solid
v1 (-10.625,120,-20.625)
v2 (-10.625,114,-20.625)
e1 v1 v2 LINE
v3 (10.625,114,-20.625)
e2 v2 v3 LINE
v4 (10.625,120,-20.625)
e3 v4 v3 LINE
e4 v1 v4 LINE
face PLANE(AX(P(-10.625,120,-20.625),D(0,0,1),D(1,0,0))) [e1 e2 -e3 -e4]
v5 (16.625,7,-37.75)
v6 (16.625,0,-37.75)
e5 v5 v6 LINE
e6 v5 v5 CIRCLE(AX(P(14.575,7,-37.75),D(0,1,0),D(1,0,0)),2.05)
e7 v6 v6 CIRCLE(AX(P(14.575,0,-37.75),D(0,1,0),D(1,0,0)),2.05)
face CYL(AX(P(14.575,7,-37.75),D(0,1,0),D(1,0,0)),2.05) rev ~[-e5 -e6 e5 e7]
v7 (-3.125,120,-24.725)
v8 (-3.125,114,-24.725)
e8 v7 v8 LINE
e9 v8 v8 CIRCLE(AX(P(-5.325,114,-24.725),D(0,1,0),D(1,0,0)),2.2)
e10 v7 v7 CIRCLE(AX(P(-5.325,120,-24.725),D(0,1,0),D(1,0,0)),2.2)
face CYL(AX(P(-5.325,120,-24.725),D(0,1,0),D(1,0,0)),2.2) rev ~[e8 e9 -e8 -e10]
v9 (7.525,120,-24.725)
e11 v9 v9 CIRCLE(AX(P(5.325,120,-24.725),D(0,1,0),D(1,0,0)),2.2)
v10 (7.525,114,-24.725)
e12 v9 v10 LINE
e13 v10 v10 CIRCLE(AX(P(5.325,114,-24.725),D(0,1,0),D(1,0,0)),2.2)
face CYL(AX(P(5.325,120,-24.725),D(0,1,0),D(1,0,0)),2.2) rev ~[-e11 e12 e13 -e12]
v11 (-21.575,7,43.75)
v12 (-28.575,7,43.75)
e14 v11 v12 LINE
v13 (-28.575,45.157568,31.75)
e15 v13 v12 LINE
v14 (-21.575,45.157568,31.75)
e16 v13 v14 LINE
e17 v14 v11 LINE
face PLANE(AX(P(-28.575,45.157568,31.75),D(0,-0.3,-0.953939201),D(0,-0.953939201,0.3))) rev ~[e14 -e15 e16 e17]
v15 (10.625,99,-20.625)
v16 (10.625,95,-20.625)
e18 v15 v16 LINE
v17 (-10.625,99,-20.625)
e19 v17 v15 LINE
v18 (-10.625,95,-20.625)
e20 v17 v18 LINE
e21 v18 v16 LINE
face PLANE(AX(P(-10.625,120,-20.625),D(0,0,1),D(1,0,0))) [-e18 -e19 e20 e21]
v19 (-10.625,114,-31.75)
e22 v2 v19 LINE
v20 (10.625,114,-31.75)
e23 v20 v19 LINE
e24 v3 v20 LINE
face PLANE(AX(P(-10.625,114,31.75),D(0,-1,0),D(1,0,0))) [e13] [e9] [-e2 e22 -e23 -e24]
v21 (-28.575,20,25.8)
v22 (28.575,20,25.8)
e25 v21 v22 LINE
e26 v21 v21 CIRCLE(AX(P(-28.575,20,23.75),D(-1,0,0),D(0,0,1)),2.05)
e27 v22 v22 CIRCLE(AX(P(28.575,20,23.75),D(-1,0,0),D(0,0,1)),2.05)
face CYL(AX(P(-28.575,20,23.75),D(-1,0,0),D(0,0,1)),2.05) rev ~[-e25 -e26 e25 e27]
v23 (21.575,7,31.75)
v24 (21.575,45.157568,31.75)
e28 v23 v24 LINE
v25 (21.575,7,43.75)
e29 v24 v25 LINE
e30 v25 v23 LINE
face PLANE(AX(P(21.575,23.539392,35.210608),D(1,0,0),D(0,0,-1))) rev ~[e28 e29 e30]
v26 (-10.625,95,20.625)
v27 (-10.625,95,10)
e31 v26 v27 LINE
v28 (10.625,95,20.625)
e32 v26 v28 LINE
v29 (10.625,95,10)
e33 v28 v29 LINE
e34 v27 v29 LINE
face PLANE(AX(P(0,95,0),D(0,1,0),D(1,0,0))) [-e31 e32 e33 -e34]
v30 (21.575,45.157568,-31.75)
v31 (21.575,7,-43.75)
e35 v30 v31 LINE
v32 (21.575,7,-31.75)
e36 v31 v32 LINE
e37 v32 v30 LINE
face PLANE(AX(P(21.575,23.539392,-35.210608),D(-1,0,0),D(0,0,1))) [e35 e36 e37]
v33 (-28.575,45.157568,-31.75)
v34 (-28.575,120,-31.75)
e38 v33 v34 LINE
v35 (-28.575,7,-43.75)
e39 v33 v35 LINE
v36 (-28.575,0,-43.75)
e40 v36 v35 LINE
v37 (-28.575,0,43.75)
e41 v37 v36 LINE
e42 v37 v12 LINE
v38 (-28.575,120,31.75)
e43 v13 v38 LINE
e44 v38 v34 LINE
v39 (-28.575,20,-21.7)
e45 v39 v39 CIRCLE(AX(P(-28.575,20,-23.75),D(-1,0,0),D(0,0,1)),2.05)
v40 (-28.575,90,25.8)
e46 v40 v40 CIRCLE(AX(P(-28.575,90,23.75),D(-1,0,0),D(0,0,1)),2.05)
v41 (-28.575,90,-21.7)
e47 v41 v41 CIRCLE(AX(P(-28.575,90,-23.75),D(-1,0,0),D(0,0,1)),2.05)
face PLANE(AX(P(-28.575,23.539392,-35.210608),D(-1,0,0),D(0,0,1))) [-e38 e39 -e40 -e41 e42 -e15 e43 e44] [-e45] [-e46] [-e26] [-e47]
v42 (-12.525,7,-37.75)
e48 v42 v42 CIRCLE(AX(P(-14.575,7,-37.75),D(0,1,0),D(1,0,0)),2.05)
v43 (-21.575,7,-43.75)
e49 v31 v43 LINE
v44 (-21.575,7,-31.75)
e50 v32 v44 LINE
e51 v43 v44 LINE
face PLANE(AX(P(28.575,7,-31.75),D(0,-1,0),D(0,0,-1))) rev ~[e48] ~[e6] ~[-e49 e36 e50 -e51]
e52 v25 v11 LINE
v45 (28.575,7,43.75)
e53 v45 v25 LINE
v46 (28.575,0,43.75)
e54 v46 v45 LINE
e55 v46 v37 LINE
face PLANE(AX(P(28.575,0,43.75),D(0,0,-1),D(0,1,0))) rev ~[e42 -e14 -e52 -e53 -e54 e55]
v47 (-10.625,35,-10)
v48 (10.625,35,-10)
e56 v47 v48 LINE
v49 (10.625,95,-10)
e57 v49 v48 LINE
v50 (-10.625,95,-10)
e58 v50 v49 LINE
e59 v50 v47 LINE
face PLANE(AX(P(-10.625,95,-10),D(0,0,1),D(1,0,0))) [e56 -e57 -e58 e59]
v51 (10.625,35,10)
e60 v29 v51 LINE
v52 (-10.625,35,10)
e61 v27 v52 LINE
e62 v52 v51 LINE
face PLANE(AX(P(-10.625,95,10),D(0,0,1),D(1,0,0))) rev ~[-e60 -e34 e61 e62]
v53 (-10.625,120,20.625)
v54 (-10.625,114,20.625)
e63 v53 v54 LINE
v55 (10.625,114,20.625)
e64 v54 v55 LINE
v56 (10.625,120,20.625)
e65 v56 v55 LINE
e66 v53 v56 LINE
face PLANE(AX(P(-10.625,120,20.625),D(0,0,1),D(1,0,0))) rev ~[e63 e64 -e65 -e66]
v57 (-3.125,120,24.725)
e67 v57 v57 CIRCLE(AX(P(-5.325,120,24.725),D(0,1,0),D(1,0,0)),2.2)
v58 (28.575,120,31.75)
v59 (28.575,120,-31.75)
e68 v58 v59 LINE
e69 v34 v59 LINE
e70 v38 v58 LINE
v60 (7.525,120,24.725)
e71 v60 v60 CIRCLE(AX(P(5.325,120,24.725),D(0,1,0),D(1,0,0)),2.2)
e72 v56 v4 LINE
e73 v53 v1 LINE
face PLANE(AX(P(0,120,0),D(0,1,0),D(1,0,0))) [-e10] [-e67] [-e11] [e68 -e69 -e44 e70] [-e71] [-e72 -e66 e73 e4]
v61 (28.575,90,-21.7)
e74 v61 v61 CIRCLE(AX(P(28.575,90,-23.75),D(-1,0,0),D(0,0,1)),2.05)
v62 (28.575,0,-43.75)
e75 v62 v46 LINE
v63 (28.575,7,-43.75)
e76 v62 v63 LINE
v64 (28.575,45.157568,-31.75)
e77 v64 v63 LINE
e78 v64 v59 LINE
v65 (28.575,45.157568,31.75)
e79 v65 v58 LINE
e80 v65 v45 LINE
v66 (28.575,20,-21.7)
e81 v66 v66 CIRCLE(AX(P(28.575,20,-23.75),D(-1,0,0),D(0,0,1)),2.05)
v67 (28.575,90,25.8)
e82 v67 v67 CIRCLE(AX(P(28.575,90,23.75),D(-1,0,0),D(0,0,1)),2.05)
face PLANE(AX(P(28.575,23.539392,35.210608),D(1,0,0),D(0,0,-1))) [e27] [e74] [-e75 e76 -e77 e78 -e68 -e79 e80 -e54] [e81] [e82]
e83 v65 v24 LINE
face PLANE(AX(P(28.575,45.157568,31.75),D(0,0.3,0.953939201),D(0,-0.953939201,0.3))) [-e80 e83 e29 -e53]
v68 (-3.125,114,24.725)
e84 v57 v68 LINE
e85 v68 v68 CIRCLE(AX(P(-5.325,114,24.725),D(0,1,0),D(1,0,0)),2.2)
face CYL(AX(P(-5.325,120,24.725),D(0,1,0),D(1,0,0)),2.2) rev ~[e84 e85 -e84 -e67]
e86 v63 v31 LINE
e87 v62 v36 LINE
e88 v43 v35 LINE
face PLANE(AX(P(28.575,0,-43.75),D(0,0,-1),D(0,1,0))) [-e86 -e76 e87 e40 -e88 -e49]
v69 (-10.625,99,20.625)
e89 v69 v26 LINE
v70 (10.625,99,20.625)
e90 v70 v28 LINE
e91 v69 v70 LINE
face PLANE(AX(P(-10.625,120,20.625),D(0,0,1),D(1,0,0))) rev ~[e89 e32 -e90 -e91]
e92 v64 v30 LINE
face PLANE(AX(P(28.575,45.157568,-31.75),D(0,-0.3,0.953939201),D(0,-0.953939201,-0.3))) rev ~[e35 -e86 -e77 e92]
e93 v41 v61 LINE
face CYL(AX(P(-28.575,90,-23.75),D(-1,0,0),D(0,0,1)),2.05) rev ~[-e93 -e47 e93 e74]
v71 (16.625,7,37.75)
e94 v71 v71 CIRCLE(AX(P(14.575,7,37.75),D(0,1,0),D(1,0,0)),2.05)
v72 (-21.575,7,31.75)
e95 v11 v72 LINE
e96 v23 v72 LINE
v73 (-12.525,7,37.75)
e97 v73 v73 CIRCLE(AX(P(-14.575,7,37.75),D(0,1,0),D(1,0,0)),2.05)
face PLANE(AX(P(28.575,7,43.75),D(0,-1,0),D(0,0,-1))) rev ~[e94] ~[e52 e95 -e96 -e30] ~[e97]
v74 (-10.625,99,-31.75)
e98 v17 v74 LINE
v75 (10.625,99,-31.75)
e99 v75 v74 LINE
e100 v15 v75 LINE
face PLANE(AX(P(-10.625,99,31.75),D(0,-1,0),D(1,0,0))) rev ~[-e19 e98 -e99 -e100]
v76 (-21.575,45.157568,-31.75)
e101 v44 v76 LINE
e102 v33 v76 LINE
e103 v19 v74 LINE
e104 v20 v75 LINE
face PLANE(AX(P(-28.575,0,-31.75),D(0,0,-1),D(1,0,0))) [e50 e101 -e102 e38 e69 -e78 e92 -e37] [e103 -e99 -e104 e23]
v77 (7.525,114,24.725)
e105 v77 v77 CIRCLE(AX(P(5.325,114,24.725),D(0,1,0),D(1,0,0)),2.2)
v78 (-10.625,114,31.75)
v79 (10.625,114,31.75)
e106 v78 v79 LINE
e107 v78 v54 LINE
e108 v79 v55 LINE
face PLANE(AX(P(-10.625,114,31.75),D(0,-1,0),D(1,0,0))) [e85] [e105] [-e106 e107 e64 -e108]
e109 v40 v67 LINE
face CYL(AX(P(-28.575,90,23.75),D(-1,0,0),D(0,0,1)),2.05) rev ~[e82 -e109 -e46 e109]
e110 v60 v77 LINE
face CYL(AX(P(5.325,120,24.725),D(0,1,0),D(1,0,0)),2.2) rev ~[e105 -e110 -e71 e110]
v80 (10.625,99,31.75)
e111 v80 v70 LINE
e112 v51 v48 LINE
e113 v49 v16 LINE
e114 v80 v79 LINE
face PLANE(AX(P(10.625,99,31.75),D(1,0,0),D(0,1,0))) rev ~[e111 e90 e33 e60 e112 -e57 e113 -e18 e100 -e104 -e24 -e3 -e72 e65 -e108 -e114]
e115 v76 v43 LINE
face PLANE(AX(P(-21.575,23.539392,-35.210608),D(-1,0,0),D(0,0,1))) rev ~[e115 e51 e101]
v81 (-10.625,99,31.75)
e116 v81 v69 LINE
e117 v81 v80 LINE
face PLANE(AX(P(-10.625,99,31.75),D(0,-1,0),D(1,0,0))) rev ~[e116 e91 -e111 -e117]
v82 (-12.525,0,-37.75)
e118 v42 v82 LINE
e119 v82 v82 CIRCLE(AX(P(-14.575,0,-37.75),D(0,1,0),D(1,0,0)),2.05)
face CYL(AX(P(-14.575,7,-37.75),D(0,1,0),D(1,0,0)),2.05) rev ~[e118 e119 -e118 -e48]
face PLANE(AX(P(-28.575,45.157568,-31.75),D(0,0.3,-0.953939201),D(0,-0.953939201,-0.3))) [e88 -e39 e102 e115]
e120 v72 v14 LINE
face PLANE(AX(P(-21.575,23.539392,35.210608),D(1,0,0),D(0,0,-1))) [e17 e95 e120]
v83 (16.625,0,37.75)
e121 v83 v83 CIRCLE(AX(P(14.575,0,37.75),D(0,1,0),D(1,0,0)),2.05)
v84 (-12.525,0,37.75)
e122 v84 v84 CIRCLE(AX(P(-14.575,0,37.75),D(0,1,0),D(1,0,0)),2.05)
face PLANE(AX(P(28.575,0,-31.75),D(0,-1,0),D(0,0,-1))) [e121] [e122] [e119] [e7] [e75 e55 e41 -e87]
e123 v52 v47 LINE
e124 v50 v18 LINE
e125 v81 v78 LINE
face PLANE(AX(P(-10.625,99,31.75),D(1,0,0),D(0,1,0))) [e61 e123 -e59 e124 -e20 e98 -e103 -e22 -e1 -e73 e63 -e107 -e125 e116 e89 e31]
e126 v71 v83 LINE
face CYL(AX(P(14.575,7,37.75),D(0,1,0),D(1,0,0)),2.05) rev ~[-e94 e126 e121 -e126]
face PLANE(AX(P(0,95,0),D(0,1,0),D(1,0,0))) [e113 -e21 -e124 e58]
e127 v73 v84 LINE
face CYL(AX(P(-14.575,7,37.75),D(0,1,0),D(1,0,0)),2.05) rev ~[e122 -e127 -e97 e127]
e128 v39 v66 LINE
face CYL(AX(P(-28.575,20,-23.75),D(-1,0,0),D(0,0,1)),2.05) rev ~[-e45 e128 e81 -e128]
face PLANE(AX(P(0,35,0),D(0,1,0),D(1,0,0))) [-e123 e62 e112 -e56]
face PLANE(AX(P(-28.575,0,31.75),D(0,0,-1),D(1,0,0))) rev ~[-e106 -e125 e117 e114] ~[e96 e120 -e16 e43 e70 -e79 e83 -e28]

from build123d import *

# Parameters (mm, degrees)
SKETCH1_W           = 57.15
SKETCH1_H           = 63.5
BOSS_EXTRUDE1_DEPTH = 120
SKETCH2_W           = 21.25
SKETCH2_H           = 41.25
CUT_EXTRUDE1_DEPTH  = 25
SKETCH3_R           = 2.2
CUT_EXTRUDE2_DEPTH  = 10
SKETCH4_W           = 21.25
SKETCH4_H           = 15
CUT_EXTRUDE3_DEPTH  = 64.5
SKETCH7_R           = 2.05
CUT_EXTRUDE4_DEPTH  = 58.15
SKETCH9_W           = 12
SKETCH9_H           = 7
BOSS_EXTRUDE2_DEPTH = 57.15
SKETCH10_R          = 2.05
CUT_EXTRUDE5_DEPTH  = 8
BOSS_EXTRUDE3_DEPTH = 7
BOSS_EXTRUDE4_DEPTH = 7
SKETCH13_W          = 21.25
SKETCH13_H          = 20
CUT_EXTRUDE6_DEPTH  = 60


with BuildPart() as part:
    # Sketch1 → Boss-Extrude1 (new body)
    with BuildSketch(Plane(origin=(0, 0, 0), x_dir=(1, 0, 0), z_dir=(0, 1, 0))):
        Rectangle(SKETCH1_W, SKETCH1_H)
    extrude(amount=BOSS_EXTRUDE1_DEPTH)

    # Sketch2 → Cut-Extrude1 (cut)
    with BuildSketch(Plane(origin=(0, 120, 0), x_dir=(1, 0, 0), z_dir=(0, 1, 0))):
        Rectangle(SKETCH2_W, SKETCH2_H)
    extrude(amount=-CUT_EXTRUDE1_DEPTH, mode=Mode.SUBTRACT)

    # Sketch3 → Cut-Extrude2 (cut)
    with BuildSketch(Plane(origin=(0, 120, 0), x_dir=(1, 0, 0), z_dir=(0, 1, 0))):
        with Locations((5.325, 24.725)):
            Circle(SKETCH3_R)
        with Locations((-5.325, 24.725)):
            Circle(SKETCH3_R)
        with Locations((5.325, -24.725)):
            Circle(SKETCH3_R)
        with Locations((-5.325, -24.725)):
            Circle(SKETCH3_R)
    extrude(amount=-CUT_EXTRUDE2_DEPTH, mode=Mode.SUBTRACT)

    # Sketch4 → Cut-Extrude3 (cut, through all)
    with BuildSketch(Plane.XY.offset(31.75)):
        with Locations((0, 106.5)):
            Rectangle(SKETCH4_W, SKETCH4_H)
    extrude(amount=-CUT_EXTRUDE3_DEPTH, mode=Mode.SUBTRACT)

    # Sketch7 → Cut-Extrude4 (cut, through all)
    with BuildSketch(Plane.ZY.offset(28.575)):
        with Locations((23.75, 20)):
            Circle(SKETCH7_R)
        with Locations((23.75, 90)):
            Circle(SKETCH7_R)
        with Locations((-23.75, 20)):
            Circle(SKETCH7_R)
        with Locations((-23.75, 90)):
            Circle(SKETCH7_R)
    extrude(amount=-CUT_EXTRUDE4_DEPTH, mode=Mode.SUBTRACT)

    # Sketch9 → Boss-Extrude2 (add)
    with BuildSketch(Plane(origin=(28.575, 0, 0), x_dir=(0, 0, -1), z_dir=(1, 0, 0))):
        with Locations((37.75, 3.5)):
            Rectangle(SKETCH9_W, SKETCH9_H)
        with Locations((-37.75, 3.5)):
            Rectangle(SKETCH9_W, SKETCH9_H)
    extrude(amount=-BOSS_EXTRUDE2_DEPTH)

    # Sketch10 → Cut-Extrude5 (cut, through all)
    with BuildSketch(Plane(origin=(0, 7, 0), x_dir=(1, 0, 0), z_dir=(0, 1, 0))):
        with Locations((-14.575, 37.75)):
            Circle(SKETCH10_R)
        with Locations((14.575, 37.75)):
            Circle(SKETCH10_R)
        with Locations((14.575, -37.75)):
            Circle(SKETCH10_R)
        with Locations((-14.575, -37.75)):
            Circle(SKETCH10_R)
    extrude(amount=-CUT_EXTRUDE5_DEPTH, mode=Mode.SUBTRACT)

    # Sketch11 → Boss-Extrude3 (add)
    with BuildSketch(Plane(origin=(28.575, 0, 0), x_dir=(0, 0, -1), z_dir=(1, 0, 0))):
        Polygon((-31.75, 45.157568057), (-43.75, 7), (-31.75, 7), align=None)
        Polygon((43.75, 7), (31.75, 7), (31.75, 45.157568057), align=None)
    extrude(amount=-BOSS_EXTRUDE3_DEPTH)

    # Sketch12 → Boss-Extrude4 (add)
    with BuildSketch(Plane.ZY.offset(28.575)):
        Polygon((-31.75, 45.157568057), (-43.75, 7), (-31.75, 7), align=None)
        Polygon((43.75, 7), (31.75, 7), (31.75, 45.157568057), align=None)
    extrude(amount=-BOSS_EXTRUDE4_DEPTH)

    # Sketch13 → Cut-Extrude6 (cut)
    with BuildSketch(Plane(origin=(0, 95, 0), x_dir=(1, 0, 0), z_dir=(0, 1, 0))):
        Rectangle(SKETCH13_W, SKETCH13_H)
    extrude(amount=-CUT_EXTRUDE6_DEPTH, mode=Mode.SUBTRACT)


solid = part.part
